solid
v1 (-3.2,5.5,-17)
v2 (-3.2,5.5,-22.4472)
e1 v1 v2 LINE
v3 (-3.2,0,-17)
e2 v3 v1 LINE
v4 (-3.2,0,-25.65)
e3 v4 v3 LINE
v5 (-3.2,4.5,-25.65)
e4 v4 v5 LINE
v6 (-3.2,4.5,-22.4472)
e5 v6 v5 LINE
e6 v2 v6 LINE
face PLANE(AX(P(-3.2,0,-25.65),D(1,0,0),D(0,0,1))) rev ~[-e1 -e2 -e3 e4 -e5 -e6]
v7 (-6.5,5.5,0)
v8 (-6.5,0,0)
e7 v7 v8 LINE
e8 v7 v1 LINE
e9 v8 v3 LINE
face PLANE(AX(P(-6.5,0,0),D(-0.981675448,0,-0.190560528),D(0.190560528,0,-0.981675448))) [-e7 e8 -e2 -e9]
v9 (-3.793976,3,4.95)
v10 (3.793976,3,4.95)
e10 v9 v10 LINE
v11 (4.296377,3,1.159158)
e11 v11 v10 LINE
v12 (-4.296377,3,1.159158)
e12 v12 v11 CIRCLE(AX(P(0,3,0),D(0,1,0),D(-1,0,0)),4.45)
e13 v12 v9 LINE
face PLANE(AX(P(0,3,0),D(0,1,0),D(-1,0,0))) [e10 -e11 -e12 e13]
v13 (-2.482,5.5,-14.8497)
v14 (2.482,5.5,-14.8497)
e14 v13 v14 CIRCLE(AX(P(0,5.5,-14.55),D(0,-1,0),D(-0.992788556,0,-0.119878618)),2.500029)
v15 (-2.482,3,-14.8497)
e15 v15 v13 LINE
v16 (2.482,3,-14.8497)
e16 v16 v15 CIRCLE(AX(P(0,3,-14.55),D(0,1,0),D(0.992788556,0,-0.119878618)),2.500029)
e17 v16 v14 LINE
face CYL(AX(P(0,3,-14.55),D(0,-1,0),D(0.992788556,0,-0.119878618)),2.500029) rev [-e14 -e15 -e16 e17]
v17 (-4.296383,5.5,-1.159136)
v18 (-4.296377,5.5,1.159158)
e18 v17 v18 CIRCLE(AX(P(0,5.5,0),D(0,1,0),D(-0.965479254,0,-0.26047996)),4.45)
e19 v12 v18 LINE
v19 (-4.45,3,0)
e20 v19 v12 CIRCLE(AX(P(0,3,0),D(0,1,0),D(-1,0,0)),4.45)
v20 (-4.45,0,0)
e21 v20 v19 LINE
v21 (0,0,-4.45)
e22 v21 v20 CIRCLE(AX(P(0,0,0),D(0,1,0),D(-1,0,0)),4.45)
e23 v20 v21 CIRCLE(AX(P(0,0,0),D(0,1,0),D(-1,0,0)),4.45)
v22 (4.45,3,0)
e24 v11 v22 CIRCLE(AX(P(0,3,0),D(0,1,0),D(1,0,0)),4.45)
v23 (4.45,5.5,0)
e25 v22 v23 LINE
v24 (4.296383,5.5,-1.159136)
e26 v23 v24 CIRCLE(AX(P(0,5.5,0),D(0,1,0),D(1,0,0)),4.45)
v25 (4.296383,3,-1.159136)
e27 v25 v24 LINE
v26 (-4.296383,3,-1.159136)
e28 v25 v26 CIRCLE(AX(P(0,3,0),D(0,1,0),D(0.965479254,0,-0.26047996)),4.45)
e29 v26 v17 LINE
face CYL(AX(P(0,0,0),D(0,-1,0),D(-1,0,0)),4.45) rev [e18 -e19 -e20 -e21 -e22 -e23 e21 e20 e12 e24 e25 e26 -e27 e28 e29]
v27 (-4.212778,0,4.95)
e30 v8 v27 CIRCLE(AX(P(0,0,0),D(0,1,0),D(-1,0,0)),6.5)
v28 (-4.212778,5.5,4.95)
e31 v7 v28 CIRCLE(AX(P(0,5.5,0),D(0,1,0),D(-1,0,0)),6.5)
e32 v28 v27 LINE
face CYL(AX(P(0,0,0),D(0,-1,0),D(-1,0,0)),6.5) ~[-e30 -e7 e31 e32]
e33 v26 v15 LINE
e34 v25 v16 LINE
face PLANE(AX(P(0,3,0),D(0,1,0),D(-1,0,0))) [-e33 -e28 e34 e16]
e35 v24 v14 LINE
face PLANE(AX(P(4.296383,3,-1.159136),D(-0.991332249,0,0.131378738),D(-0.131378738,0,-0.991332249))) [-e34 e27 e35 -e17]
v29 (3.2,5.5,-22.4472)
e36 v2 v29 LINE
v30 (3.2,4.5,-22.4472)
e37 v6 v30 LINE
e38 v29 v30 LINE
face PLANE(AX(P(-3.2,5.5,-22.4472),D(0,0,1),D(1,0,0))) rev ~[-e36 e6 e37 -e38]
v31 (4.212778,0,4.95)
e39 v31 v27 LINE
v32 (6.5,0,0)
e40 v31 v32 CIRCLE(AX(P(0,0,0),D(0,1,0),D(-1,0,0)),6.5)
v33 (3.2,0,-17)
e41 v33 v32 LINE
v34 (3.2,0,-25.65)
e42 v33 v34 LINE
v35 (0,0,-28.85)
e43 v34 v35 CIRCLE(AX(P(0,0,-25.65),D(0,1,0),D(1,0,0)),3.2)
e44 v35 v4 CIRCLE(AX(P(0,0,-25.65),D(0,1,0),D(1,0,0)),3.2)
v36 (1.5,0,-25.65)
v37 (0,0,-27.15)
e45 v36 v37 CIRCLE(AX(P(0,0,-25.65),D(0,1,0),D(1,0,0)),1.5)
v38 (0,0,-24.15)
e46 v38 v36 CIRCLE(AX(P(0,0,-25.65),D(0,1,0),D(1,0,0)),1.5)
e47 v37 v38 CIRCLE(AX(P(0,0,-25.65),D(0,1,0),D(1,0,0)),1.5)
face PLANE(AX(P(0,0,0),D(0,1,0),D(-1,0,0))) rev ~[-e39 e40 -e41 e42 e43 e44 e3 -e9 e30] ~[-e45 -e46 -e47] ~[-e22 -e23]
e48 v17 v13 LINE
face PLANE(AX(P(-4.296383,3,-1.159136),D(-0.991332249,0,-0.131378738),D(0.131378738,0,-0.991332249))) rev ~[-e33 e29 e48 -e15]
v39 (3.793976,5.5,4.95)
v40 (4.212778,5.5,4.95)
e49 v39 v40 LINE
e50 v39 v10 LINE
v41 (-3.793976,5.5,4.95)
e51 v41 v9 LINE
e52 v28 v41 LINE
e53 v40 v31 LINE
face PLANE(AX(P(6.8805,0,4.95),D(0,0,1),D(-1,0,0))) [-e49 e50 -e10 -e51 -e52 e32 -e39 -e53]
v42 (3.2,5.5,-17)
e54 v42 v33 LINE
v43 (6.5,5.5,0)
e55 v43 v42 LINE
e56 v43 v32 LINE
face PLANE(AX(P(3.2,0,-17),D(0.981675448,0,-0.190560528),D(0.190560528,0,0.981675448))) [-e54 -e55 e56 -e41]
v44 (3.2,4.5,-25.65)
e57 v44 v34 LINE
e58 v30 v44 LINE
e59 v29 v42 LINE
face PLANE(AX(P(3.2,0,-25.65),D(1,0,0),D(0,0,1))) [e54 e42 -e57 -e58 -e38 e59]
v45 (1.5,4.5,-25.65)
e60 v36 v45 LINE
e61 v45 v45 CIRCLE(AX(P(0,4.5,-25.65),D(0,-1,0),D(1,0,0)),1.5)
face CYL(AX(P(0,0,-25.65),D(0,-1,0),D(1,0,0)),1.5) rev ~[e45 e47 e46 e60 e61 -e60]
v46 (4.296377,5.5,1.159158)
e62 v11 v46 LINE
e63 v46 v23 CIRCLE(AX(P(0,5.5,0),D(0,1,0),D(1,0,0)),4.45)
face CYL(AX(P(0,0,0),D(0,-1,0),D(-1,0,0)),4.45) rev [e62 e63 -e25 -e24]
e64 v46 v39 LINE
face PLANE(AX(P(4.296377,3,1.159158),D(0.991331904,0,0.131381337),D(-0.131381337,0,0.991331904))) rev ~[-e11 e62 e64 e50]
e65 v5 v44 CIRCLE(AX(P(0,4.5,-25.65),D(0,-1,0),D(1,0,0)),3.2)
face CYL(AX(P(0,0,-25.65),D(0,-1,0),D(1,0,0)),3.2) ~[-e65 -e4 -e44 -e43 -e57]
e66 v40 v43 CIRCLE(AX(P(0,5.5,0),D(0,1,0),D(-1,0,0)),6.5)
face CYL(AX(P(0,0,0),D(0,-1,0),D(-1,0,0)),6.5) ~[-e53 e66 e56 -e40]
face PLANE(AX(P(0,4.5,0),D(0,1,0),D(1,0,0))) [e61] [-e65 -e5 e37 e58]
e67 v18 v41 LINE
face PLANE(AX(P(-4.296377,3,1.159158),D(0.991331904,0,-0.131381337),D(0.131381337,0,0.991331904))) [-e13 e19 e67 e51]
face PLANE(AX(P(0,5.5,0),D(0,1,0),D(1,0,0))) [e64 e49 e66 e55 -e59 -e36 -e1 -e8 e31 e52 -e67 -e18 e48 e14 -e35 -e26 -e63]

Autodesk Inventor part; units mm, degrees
ref_plane "YZ Plane" through (0, 0, 0) normal (1, 0, 0) x (0, 1, 0)
ref_plane "XZ Plane" through (0, 0, 0) normal (0, 1, 0) x (-1, 0, 0)
ref_plane "XY Plane" through (0, 0, 0) normal (0, 0, 1) x (1, 0, 0)
sketch "Skizze1" plane through (0, 0, 0) normal (0, 1, 0) x (-1, 0, 0)
  circle A0 centre (0, 0) radius 4.45
  arc A1 (6.5, 0) -> (-6.5, 0) centre (0, 0) ccw
  line L0 (0, 0) -> (0, -17)
  line L1 (4, -14) -> (23.7753, -14) construction
  line L2 (0, 0) -> (0, -19.75)
  line L3 (0, 0) -> (0, -26.15)
  line L4 (0, 0) -> (0, -29.15)
  arc A2 (-3.2, -29.15) -> (3.2, -29.15) centre (0, -29.15) ccw
  line L5 (-3.2, -29.15) -> (-3.2, -24.95)
  line L6 (3.2, -29.15) -> (3.2, -26.15)
  line L7 (3.2, -26.15) -> (3.2, -17)
  line L8 (-3.2, -24.95) -> (-3.2, -23.5465)
  line L9 (-3.2, -23.5465) -> (-3.2, -17)
  line L10 (-3.2, -17) -> (-6.5, 0)
  line L11 (6.5, 0) -> (3.2, -17)
  line L12 (0, -29.15) -> (0, -25.65)
  arc A3 (-3.2, -25.65) -> (3.2, -25.65) centre (0, -25.65) ccw
  point P0 (3.2, -25.65)
  dimension "d0" = 8.9
  dimension "d1" = 13
  dimension "d2" = 17
  dimension "d27" = 6.4
  dimension "d35" = 3.5
extrude "Extrusion1" add sketch "Skizze1" along normal blind 3 contours A3 L5 L8 L9 L10 A1 L11 L7
sketch "Skizze2" plane through (0, 3, 0) normal (0, 1, 0) x (1, 0, 0)
  arc A0 (-6.5, 0) -> (6.5, 0) centre (0, 0) ccw projected
  line L0 (-3.2, 17) -> (-3.2, 19.75)
  line L1 (3.2, 17) -> (3.2, 19.75)
  line L2 (3.2, 26.15) -> (3.2, 19.75)
  line L3 (-3.2, 26.15) -> (-3.2, 19.75)
  arc A1 (3.2, 29.15) -> (-3.2, 29.15) centre (0, 29.15) ccw
  line L4 (3.2, 26.15) -> (3.2, 29.15)
  line L5 (-3.2, 26.15) -> (-3.2, 29.15)
  arc A2 (-6.5, 0) -> (6.5, 0) centre (0, 0) ccw
  line L6 (-3.2, 29.15) -> (-3.2, 17) projected
  line L7 (-6.5, 0) -> (-3.2, 17)
  line L8 (6.5, 0) -> (3.2, 17) projected
  line L9 (6.5, 0) -> (3.2, 17)
  circle A3 centre (0, 0) radius 4.45
  circle A4 centre (0, 0) radius 4.45 projected
  line L10 (0, -4.45) -> (0, 14.55)
  arc A5 (2.482, 14.8497) -> (-2.482, 14.8497) centre (0, 14.55) ccw
  line L11 (-4.45, 0) -> (-2.4744, 14.9071)
  line L12 (4.45, 0) -> (2.4744, 14.9071)
  line L13 (-4.45, 0) -> (4.45, 0)
  line L14 (-4.45, 0) -> (-3.746, -5.312)
  line L15 (4.45, 0) -> (3.746, -5.312)
  arc A6 (3.2, 29.15) -> (-3.2, 29.15) centre (0, 29.15) ccw projected
  arc A7 (3.2, 25.65) -> (-3.2, 25.65) centre (0, 25.65) ccw projected
  arc A8 (3.2, 25.65) -> (-3.2, 25.65) centre (0, 25.65) ccw
  point P0 (-4.0763, 3.9842)
  point P1 (-5.7, 0)
  point P2 (0, 19.75)
  point P3 (-3.2, 26.15)
  point P4 (-2.4744, -14.9071)
  point P5 (2.4744, -14.9071)
  point P6 (-4.2964, -1.1592)
  point P7 (-4.2964, 1.1592)
  point P8 (4.2964, 1.1592)
  point P9 (4.2964, -1.1592)
  point P10 (3.2, 17)
  point P11 (-3.2, 26.65)
  point P12 (3.2, 26.65)
  dimension "d30" = 19
  dimension "d31" = 5
extrude "Extrusion2" add sketch "Skizze2" along normal blind 2.5 contours L7 L0 L3 A7 L2 L1 L8 A0 L15 A3 L12 A5 L11 L14
sketch "Skizze5" plane through (0, 0, 0) normal (0, -1, 0) x (1, 0, 0)
  line L0 (0, 0) -> (0, -29.15)
  circle A0 centre (0, -29.15) radius 1.5
  arc A1 (-3.2, -25.65) -> (3.2, -25.65) centre (0, -25.65) ccw projected
  line L1 (0, -29.15) -> (0, -25.65)
  circle A2 centre (0, -25.65) radius 1.5
  point P0 (-3.2, -26.65)
  dimension "d20" = 29.15
  dimension "d21" = 3
  dimension "d40" = 3.5
  dimension "d41" = 3
extrude "Extrusion5" cut sketch "Skizze5" against normal blind 6 contours A2 L0 | L0 A2
sketch "Skizze6" plane through (0, 5.5, 0) normal (0, 1, 0) x (1, 0, 0)
  arc A0 (3.2, 29.15) -> (-3.2, 29.15) centre (0, 29.15) ccw
  line L0 (-3.2, 29.15) -> (-3.2, 14) projected
  line L1 (-3.2, 29.15) -> (-3.2, 25.9472)
  arc A1 (3.2, 29.15) -> (-3.2, 29.15) centre (0, 29.15) ccw projected
  line L2 (3.2, 29.15) -> (3.2, 25.9472)
  line L3 (-3.2, 25.9472) -> (-3.2, 23.4472)
  line L4 (-3.2, 25.65) -> (-3.2, 17) projected
  line L5 (3.2, 17) -> (3.2, 25.65) projected
  arc A2 (3.2, 25.65) -> (-3.2, 25.65) centre (0, 25.65) ccw projected
  arc A3 (3.2, 26.65) -> (-3.2, 26.65) centre (0, 26.65) ccw
  line L6 (3.2, 17) -> (3.2, 25.65) projected
  line L7 (3.2, 26.65) -> (3.2, 23.4472)
  line L8 (-3.2, 23.4472) -> (-3.2, 22.4472)
  line L9 (-3.2, 25.65) -> (-3.2, 17) projected
  line L10 (-3.2, 22.4472) -> (3.2, 22.4472)
  line L11 (3.2, 23.4472) -> (3.2, 22.4472)
  point P0 (0, 0)
  dimension "d38" = 2.5
  dimension "d43" = 1
extrude "Extrusion6" cut sketch "Skizze6" against normal blind 1
sketch "Skizze7" plane through (0, 0, 0) normal (0, -1, 0) x (1, 0, 0)
  circle A0 centre (0, 0) radius 4.45 projected
  line L0 (-6.6957, 4.45) -> (-6.6957, 6.6948)
  line L1 (-6.6957, 6.6948) -> (6.8805, 6.6948)
  line L2 (6.8805, 6.6948) -> (6.8805, 4.45)
  line L3 (6.8805, 4.45) -> (6.8805, 4.95)
  line L4 (6.8805, 4.95) -> (-6.6957, 4.95)
  dimension "d34" = 0.5
extrude "Extrusion7" cut sketch "Skizze7" against normal blind 20 contours L0 L1 L2 L4
properties part number "Servo_Exzenter_Smart_Neu_2"
